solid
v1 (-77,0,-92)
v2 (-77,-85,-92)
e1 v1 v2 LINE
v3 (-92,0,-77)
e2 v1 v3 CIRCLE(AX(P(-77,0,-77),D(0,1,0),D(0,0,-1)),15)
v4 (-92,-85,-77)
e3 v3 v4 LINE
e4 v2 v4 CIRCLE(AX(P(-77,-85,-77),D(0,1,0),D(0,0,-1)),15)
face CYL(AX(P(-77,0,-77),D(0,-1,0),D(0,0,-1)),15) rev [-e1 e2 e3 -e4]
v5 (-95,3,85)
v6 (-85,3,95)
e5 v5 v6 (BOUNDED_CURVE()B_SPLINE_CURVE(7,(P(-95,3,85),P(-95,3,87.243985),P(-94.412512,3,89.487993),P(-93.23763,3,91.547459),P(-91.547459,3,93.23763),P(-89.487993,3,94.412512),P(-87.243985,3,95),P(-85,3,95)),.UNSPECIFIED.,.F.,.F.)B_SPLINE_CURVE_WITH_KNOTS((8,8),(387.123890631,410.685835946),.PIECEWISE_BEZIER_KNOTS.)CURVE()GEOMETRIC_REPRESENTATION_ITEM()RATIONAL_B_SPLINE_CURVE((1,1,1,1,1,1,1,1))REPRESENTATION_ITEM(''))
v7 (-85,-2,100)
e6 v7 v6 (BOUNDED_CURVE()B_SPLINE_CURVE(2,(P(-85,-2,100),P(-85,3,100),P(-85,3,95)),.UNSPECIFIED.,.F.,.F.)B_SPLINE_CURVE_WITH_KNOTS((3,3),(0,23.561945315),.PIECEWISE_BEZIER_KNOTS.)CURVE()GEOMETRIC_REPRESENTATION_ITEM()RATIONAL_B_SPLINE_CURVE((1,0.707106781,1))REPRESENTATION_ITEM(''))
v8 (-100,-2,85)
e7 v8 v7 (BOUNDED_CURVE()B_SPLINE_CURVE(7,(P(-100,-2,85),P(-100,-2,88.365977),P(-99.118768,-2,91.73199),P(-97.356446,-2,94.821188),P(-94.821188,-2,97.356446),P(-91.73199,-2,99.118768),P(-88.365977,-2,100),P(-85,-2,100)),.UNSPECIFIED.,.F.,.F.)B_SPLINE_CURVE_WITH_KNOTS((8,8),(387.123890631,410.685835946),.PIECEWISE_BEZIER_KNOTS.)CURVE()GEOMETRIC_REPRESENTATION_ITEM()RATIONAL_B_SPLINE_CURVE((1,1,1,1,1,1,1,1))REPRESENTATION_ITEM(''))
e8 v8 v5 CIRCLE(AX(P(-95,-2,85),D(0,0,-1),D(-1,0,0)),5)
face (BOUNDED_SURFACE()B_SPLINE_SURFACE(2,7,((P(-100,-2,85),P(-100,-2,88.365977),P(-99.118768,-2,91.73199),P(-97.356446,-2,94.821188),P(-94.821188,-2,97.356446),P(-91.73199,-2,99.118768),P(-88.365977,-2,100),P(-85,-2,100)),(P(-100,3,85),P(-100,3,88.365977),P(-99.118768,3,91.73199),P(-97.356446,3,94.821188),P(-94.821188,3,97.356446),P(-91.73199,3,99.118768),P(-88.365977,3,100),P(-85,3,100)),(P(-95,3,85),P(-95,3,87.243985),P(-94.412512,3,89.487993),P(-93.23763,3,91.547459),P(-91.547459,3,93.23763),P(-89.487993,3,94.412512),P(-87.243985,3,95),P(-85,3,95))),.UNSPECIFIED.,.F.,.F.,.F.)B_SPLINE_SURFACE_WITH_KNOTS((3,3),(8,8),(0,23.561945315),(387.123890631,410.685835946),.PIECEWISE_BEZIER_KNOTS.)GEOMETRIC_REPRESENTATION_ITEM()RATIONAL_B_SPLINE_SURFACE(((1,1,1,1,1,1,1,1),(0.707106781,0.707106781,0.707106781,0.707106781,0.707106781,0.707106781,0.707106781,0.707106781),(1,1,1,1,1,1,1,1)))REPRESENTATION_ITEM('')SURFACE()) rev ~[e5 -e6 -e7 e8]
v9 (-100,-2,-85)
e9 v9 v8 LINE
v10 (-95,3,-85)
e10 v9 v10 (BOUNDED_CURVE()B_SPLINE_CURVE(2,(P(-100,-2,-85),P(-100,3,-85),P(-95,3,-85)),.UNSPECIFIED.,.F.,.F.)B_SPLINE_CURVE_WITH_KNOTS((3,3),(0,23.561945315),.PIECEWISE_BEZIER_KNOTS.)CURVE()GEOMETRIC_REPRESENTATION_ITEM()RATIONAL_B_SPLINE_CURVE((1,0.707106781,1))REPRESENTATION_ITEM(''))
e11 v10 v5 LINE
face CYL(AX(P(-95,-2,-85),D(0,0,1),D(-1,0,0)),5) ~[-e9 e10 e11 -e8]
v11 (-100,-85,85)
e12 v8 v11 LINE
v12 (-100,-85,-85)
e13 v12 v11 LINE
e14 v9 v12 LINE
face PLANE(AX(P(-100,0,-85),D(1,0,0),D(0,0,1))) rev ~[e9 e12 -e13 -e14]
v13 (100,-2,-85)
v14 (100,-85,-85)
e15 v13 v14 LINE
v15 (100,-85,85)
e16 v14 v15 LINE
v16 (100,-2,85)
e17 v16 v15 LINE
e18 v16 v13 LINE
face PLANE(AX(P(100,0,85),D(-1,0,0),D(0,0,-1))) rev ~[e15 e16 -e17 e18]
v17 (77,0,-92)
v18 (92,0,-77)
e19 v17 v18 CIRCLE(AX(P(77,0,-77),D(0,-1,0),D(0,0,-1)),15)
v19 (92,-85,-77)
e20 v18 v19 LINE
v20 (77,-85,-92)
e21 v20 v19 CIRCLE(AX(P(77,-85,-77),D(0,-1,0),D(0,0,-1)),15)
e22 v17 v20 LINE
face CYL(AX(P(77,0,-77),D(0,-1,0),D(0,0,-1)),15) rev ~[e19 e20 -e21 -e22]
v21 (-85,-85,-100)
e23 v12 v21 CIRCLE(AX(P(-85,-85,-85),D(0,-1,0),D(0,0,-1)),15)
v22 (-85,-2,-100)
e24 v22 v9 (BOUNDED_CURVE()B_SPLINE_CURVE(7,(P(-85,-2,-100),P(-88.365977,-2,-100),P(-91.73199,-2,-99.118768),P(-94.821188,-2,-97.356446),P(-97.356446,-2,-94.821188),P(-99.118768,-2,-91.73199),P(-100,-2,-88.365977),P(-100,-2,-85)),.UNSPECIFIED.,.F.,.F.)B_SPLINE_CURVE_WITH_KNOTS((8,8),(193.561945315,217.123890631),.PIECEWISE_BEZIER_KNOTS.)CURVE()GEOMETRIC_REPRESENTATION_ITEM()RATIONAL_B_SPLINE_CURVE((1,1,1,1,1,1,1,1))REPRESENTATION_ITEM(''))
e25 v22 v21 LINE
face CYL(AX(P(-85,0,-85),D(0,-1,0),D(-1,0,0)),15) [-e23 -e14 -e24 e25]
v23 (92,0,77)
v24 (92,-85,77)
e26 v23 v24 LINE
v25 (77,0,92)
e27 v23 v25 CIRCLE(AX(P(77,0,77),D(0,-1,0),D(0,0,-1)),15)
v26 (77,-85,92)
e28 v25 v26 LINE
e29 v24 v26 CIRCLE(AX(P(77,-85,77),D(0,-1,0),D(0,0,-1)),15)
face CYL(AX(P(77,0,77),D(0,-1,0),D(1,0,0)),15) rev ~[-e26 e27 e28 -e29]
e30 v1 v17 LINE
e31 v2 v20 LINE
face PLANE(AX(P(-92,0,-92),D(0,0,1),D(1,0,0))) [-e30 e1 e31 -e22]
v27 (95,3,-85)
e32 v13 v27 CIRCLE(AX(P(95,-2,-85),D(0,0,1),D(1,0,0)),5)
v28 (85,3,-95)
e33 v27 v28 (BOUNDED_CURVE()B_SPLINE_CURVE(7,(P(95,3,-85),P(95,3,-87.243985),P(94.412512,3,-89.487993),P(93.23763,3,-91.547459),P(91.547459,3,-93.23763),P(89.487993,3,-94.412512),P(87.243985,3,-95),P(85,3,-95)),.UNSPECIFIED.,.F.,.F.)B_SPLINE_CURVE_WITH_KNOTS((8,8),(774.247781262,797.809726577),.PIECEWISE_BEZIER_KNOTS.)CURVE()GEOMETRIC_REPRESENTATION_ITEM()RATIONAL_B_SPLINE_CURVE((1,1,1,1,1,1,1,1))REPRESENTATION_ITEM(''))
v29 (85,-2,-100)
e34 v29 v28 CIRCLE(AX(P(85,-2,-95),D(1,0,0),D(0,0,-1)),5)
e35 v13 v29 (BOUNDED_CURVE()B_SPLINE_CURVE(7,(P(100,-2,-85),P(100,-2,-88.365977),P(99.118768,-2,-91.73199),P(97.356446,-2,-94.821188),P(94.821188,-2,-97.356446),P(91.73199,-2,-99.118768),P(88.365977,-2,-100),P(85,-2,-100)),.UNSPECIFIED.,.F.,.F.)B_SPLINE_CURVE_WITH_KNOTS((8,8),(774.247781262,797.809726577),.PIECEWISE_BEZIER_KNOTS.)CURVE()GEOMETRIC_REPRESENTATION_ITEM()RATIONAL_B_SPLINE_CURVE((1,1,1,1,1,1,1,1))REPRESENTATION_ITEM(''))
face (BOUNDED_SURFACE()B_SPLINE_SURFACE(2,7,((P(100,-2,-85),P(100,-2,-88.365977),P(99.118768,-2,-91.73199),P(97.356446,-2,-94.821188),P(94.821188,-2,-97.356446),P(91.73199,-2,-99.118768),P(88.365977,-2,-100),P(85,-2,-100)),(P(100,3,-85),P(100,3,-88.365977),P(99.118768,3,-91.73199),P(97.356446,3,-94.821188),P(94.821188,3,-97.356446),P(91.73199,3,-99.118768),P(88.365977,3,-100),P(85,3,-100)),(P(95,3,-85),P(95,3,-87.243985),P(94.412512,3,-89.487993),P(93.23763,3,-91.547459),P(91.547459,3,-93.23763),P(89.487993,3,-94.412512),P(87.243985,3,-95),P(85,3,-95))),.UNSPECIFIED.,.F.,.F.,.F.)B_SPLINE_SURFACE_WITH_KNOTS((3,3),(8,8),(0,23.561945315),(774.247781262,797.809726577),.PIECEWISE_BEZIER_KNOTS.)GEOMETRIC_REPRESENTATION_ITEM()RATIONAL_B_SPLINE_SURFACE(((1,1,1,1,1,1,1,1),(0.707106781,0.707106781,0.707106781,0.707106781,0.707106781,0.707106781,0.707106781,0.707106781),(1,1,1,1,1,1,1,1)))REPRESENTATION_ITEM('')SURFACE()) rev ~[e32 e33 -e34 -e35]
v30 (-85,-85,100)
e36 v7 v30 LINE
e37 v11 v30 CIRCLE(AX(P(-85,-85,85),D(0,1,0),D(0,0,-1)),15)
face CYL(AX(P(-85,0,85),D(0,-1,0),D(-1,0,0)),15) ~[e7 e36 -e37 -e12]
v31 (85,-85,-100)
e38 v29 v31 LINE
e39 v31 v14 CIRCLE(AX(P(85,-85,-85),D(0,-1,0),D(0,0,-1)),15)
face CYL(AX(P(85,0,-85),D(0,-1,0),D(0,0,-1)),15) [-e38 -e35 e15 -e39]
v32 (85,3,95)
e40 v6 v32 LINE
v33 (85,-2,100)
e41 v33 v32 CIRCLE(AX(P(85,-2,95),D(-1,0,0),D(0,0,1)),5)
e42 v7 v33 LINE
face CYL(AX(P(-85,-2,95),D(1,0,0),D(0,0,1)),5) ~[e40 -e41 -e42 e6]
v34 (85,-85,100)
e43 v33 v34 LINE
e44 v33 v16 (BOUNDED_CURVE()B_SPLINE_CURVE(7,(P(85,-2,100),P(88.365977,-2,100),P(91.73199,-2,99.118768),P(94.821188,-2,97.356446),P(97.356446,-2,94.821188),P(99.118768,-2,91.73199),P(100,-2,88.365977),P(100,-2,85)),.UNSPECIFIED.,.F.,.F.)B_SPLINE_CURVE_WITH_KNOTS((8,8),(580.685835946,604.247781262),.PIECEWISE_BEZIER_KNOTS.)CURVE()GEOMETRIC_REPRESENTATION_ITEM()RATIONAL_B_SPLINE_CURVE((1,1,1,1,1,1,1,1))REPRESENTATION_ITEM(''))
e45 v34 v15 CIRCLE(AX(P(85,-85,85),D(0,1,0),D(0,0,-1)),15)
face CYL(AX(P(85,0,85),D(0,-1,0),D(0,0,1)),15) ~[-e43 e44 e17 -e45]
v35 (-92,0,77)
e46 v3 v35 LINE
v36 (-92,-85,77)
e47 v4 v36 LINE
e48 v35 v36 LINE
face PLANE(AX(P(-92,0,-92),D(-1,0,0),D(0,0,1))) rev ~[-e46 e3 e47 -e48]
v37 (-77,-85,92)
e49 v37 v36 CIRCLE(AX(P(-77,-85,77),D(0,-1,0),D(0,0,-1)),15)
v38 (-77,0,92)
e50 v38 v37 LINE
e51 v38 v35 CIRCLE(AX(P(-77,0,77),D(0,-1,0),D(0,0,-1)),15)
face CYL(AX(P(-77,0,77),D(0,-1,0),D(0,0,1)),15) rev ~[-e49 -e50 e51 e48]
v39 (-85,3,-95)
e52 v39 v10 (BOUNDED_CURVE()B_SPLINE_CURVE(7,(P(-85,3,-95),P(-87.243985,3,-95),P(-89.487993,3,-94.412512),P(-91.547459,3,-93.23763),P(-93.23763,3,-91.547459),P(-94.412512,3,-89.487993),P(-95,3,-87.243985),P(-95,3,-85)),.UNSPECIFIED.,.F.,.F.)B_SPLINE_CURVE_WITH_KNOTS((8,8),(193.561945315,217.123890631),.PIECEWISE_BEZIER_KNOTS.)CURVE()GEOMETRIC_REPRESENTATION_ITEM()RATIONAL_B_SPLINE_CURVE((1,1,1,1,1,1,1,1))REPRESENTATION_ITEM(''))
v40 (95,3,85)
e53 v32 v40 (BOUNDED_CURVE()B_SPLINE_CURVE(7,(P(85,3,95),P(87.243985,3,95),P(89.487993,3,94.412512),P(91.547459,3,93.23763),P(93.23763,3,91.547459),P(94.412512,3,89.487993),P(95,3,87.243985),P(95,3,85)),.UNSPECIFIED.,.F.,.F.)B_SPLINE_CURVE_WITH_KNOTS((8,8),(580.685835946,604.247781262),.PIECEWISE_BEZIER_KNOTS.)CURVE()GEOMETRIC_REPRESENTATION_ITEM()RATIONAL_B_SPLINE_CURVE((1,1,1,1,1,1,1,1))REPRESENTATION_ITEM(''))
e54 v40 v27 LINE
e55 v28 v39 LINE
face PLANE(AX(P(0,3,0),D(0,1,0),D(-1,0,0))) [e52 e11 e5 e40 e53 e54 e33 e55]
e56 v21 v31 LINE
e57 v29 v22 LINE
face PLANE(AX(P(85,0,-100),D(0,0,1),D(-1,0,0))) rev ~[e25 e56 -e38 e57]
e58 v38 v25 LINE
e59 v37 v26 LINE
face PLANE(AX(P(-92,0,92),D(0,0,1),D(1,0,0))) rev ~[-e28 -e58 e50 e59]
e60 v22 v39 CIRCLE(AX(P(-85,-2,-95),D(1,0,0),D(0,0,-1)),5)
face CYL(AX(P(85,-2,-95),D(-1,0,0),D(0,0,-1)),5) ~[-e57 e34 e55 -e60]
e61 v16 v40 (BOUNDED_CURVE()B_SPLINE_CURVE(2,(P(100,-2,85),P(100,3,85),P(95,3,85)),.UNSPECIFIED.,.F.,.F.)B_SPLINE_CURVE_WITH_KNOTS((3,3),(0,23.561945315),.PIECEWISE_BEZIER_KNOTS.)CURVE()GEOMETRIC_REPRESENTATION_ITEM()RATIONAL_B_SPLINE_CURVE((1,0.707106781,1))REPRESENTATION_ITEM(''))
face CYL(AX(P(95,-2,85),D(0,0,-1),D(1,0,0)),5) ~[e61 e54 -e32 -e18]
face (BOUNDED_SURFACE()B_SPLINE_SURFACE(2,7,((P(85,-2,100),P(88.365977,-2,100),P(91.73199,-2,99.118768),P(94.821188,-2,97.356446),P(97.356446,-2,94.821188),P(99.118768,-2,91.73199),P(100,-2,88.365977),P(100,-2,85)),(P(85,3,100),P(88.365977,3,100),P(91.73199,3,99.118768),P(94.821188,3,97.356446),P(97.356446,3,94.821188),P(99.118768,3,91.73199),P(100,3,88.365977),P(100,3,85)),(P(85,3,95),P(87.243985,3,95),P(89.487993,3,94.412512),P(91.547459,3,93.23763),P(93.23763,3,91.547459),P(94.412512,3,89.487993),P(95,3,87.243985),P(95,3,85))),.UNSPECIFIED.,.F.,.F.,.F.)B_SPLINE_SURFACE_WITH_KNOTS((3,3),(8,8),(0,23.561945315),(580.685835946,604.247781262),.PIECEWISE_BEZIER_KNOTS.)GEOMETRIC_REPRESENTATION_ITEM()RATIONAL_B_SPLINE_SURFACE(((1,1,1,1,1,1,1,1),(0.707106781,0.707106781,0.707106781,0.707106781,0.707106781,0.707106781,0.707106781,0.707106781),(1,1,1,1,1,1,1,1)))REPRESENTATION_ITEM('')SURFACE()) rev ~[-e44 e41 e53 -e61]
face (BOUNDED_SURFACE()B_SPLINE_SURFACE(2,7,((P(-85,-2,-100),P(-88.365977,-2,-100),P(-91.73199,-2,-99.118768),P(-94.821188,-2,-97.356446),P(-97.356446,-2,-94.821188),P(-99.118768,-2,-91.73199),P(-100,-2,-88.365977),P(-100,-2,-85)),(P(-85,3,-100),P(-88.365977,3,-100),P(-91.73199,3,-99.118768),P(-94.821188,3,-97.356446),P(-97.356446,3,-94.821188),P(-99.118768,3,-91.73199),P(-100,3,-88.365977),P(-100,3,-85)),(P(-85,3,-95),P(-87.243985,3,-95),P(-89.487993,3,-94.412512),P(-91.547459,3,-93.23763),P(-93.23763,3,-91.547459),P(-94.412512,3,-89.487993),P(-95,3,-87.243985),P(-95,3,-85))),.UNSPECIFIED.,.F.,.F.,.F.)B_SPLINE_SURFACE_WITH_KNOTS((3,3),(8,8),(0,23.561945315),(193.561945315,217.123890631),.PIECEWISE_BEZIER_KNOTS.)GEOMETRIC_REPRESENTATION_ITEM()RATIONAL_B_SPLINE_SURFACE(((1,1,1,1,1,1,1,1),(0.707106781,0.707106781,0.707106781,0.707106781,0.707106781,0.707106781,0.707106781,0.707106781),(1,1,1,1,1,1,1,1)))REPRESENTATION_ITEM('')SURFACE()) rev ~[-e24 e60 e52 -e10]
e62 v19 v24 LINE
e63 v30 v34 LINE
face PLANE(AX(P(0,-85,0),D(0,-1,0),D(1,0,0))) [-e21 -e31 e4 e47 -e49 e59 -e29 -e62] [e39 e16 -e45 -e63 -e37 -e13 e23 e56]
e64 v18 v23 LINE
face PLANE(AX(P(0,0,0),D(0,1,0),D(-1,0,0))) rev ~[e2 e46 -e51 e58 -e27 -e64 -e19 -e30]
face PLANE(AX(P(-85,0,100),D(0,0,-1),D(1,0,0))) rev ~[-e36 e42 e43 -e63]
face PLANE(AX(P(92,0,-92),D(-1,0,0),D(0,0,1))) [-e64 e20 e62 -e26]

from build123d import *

# Parameters (mm, degrees)
F0_W     = 200
F0_H     = 200
F0_W_2   = 184
F0_H_2   = 184
F1_DEPTH = 85
F2_R     = 15
F4_DEPTH = 3
F5_R     = 5


with BuildPart() as f1:
    # F0 (on Front) → F1 (new body)
    with BuildSketch(Plane.XZ):
        Rectangle(F0_W, F0_H)
        Rectangle(F0_W_2, F0_H_2, mode=Mode.SUBTRACT)
    extrude(amount=F1_DEPTH)

    # F2
    f2_edges = [f1.edges().sort_by_distance(p)[0] for p in [
        (-100, -42.5, 100),
        (-92, -42.5, 92),
        (100, -42.5, 100),
        (92, -42.5, 92),
        (100, -42.5, -100),
        (92, -42.5, -92),
        (-92, -42.5, -92),
        (-100, -42.5, -100),
    ]]
    fillet(f2_edges, radius=F2_R)

    # F3 (on face) → F4 (join)
    with BuildSketch(Plane(origin=(0, 0, 0), x_dir=(-1, 0, 0), z_dir=(0, 1, 0))):
        with BuildLine():
            Line((-85, -100), (85, -100))
            ThreePointArc((85, -100), (95.606602, -95.606602), (100, -85))
            Line((100, -85), (100, 85))
            ThreePointArc((100, 85), (95.606602, 95.606602), (85, 100))
            Line((85, 100), (-85, 100))
            ThreePointArc((-85, 100), (-95.606602, 95.606602), (-100, 85))
            Line((-100, 85), (-100, -85))
            ThreePointArc((-100, -85), (-95.606602, -95.606602), (-85, -100))
        make_face()
    extrude(amount=F4_DEPTH)

    # F5
    f5_edges = [f1.edges().sort_by_distance(p)[0] for p in [
        (95.606602, 3, -95.606602),
    ]]
    fillet(f5_edges, radius=F5_R)


solid = f1.part
